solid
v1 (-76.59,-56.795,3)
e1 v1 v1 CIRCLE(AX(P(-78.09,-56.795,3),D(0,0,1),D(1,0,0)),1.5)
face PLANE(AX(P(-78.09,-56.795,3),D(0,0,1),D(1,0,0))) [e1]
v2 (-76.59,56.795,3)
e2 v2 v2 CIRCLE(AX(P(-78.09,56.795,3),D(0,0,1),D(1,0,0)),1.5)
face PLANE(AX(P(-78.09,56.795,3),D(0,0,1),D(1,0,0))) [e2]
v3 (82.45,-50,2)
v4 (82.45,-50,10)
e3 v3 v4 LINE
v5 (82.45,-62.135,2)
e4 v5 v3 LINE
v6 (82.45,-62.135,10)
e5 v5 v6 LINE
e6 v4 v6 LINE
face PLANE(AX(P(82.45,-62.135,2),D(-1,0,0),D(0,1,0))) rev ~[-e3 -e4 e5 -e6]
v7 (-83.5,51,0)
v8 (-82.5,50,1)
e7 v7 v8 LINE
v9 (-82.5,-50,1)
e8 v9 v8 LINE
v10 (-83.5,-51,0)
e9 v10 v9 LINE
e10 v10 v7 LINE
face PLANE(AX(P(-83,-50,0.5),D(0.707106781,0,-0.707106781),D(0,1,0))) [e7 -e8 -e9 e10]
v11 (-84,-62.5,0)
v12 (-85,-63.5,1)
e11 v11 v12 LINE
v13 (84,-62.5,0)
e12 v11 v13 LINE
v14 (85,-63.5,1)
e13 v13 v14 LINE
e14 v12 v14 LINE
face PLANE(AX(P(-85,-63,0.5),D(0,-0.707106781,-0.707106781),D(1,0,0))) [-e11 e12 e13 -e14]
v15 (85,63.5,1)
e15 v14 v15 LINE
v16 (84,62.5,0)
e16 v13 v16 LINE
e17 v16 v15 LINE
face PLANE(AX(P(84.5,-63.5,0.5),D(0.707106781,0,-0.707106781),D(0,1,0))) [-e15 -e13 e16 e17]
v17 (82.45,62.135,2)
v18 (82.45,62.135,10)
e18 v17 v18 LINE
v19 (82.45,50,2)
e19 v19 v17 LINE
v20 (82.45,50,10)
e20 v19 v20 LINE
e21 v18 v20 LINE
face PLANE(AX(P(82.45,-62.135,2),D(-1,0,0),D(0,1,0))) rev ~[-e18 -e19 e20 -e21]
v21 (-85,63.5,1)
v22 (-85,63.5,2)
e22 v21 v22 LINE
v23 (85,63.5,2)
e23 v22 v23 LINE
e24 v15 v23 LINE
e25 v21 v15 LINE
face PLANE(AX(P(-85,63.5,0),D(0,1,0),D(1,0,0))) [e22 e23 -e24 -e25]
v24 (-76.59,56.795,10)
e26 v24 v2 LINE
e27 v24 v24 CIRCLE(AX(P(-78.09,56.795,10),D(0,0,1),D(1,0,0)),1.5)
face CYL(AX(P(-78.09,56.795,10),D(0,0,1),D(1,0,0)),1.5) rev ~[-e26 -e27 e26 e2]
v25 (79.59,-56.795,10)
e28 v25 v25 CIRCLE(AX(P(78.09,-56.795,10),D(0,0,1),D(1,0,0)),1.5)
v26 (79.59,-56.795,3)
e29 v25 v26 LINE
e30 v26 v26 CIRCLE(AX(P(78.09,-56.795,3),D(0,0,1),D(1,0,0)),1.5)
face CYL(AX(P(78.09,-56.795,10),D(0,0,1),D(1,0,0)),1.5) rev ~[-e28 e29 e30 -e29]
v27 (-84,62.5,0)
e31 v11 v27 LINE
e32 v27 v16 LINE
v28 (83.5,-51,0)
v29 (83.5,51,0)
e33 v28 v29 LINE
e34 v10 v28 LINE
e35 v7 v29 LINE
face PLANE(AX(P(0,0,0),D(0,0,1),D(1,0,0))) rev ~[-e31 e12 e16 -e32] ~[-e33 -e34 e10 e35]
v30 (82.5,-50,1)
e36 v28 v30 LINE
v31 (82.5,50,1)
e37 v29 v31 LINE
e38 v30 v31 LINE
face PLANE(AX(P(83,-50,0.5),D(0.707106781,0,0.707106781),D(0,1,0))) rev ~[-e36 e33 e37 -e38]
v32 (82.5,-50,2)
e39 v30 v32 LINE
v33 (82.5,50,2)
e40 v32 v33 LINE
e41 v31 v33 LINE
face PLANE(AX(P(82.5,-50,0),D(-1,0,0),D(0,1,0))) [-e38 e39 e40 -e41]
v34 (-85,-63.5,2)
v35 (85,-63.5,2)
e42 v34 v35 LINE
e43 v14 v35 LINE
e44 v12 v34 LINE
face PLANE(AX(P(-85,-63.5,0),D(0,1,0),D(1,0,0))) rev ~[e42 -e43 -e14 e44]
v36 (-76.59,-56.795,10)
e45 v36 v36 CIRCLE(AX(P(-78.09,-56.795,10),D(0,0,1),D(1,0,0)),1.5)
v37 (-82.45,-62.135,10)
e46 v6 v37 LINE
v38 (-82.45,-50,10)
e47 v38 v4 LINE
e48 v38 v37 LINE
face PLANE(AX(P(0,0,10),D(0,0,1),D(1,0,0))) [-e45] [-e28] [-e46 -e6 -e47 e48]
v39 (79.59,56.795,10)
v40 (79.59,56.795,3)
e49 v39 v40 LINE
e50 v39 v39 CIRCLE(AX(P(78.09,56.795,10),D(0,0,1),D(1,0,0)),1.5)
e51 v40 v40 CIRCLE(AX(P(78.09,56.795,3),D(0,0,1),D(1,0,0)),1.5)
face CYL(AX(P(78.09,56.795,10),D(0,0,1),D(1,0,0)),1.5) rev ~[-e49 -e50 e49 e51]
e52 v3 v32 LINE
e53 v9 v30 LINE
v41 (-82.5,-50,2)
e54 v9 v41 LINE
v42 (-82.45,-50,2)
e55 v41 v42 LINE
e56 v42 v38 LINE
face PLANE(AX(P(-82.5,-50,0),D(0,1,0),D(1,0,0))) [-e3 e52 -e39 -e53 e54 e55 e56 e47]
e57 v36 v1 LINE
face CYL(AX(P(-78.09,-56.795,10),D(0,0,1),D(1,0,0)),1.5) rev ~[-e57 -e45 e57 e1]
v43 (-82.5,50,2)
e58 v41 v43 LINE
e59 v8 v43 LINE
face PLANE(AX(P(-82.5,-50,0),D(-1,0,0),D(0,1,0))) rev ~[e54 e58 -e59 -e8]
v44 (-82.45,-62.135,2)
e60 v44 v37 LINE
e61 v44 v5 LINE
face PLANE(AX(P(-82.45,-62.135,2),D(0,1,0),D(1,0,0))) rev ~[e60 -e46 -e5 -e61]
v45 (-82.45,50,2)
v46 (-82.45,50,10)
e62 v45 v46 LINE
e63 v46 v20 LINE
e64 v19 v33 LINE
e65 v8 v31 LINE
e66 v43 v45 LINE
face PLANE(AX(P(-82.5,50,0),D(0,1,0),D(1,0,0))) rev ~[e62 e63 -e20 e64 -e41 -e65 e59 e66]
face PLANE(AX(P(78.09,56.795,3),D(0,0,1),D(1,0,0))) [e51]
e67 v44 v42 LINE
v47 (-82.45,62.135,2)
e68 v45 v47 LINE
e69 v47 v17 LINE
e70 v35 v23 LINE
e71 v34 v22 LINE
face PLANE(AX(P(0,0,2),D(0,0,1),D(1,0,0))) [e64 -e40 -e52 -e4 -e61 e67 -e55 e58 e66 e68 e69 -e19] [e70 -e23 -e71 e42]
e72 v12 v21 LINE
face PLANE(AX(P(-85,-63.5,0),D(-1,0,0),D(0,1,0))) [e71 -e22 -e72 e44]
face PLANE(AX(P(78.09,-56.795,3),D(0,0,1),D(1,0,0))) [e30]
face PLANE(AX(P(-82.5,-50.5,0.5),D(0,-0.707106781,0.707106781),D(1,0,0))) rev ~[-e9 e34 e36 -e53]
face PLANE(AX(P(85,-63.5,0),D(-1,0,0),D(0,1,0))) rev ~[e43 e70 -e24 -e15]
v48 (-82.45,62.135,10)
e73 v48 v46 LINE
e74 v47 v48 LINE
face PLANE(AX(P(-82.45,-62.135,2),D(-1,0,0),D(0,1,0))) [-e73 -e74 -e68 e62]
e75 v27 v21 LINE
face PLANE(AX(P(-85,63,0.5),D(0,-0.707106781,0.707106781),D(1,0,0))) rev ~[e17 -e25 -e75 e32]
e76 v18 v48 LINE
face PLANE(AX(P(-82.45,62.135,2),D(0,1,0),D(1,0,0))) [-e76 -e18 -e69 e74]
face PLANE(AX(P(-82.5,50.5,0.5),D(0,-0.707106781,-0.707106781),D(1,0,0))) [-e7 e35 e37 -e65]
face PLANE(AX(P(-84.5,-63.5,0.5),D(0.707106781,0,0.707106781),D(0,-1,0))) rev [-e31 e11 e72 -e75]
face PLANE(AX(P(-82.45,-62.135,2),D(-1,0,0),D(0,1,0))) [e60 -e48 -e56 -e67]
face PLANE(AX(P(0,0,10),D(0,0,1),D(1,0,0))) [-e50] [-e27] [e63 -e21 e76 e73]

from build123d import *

# Parameters (mm, degrees)
SKETCH001_W   = 180
SKETCH001_H   = 136
SKETCH001_W_2 = 164.9
SKETCH001_H_2 = 124.27
PAD001_DEPTH  = 10
SKETCH_W      = 170
SKETCH_H      = 127
SKETCH_W_2    = 165
SKETCH_H_2    = 100
PAD_DEPTH     = 10
SKETCH002_R   = 1.5
POCKET_DEPTH  = 7
CHAMFER_SIZE  = 1


with BuildPart() as body001:
    # Sketch001 → Pad001 (new body)
    with BuildSketch(Plane.XY):
        Rectangle(SKETCH001_W, SKETCH001_H)
        Rectangle(SKETCH001_W_2, SKETCH001_H_2, mode=Mode.SUBTRACT)
    extrude(amount=PAD001_DEPTH)


with BuildPart() as body001_1:
    # Body001 placement: moved
    add(body001.part.moved(Location((0, 0, 2))))


with BuildPart() as bezel:
    # Sketch → Pad (new body)
    with BuildSketch(Plane.XY):
        Rectangle(SKETCH_W, SKETCH_H)
        Rectangle(SKETCH_W_2, SKETCH_H_2, mode=Mode.SUBTRACT)
    extrude(amount=PAD_DEPTH)

    # Boolean: cut Body001
    add(body001_1.part, mode=Mode.SUBTRACT)

    # Sketch002 (on Face18 of Boolean) → Pocket (cut)
    with BuildSketch(Plane.XY.offset(10)):
        with Locations((-78.09, 56.795)):
            Circle(SKETCH002_R)
        with Locations((78.09, 56.795)):
            Circle(SKETCH002_R)
        with Locations((78.09, -56.795)):
            Circle(SKETCH002_R)
        with Locations((-78.09, -56.795)):
            Circle(SKETCH002_R)
    extrude(amount=-POCKET_DEPTH, mode=Mode.SUBTRACT)

    # Chamfer
    chamfer_edges = [bezel.edges().sort_by_distance(p)[0] for p in [
        (82.5, 0, 0),
        (0, -50, 0),
        (0, -63.5, 0),
        (85, 0, 0),
        (0, 63.5, 0),
        (-85, 0, 0),
        (0, 50, 0),
        (-82.5, 0, 0),
    ]]
    chamfer(chamfer_edges, length=CHAMFER_SIZE)


solid = bezel.part
